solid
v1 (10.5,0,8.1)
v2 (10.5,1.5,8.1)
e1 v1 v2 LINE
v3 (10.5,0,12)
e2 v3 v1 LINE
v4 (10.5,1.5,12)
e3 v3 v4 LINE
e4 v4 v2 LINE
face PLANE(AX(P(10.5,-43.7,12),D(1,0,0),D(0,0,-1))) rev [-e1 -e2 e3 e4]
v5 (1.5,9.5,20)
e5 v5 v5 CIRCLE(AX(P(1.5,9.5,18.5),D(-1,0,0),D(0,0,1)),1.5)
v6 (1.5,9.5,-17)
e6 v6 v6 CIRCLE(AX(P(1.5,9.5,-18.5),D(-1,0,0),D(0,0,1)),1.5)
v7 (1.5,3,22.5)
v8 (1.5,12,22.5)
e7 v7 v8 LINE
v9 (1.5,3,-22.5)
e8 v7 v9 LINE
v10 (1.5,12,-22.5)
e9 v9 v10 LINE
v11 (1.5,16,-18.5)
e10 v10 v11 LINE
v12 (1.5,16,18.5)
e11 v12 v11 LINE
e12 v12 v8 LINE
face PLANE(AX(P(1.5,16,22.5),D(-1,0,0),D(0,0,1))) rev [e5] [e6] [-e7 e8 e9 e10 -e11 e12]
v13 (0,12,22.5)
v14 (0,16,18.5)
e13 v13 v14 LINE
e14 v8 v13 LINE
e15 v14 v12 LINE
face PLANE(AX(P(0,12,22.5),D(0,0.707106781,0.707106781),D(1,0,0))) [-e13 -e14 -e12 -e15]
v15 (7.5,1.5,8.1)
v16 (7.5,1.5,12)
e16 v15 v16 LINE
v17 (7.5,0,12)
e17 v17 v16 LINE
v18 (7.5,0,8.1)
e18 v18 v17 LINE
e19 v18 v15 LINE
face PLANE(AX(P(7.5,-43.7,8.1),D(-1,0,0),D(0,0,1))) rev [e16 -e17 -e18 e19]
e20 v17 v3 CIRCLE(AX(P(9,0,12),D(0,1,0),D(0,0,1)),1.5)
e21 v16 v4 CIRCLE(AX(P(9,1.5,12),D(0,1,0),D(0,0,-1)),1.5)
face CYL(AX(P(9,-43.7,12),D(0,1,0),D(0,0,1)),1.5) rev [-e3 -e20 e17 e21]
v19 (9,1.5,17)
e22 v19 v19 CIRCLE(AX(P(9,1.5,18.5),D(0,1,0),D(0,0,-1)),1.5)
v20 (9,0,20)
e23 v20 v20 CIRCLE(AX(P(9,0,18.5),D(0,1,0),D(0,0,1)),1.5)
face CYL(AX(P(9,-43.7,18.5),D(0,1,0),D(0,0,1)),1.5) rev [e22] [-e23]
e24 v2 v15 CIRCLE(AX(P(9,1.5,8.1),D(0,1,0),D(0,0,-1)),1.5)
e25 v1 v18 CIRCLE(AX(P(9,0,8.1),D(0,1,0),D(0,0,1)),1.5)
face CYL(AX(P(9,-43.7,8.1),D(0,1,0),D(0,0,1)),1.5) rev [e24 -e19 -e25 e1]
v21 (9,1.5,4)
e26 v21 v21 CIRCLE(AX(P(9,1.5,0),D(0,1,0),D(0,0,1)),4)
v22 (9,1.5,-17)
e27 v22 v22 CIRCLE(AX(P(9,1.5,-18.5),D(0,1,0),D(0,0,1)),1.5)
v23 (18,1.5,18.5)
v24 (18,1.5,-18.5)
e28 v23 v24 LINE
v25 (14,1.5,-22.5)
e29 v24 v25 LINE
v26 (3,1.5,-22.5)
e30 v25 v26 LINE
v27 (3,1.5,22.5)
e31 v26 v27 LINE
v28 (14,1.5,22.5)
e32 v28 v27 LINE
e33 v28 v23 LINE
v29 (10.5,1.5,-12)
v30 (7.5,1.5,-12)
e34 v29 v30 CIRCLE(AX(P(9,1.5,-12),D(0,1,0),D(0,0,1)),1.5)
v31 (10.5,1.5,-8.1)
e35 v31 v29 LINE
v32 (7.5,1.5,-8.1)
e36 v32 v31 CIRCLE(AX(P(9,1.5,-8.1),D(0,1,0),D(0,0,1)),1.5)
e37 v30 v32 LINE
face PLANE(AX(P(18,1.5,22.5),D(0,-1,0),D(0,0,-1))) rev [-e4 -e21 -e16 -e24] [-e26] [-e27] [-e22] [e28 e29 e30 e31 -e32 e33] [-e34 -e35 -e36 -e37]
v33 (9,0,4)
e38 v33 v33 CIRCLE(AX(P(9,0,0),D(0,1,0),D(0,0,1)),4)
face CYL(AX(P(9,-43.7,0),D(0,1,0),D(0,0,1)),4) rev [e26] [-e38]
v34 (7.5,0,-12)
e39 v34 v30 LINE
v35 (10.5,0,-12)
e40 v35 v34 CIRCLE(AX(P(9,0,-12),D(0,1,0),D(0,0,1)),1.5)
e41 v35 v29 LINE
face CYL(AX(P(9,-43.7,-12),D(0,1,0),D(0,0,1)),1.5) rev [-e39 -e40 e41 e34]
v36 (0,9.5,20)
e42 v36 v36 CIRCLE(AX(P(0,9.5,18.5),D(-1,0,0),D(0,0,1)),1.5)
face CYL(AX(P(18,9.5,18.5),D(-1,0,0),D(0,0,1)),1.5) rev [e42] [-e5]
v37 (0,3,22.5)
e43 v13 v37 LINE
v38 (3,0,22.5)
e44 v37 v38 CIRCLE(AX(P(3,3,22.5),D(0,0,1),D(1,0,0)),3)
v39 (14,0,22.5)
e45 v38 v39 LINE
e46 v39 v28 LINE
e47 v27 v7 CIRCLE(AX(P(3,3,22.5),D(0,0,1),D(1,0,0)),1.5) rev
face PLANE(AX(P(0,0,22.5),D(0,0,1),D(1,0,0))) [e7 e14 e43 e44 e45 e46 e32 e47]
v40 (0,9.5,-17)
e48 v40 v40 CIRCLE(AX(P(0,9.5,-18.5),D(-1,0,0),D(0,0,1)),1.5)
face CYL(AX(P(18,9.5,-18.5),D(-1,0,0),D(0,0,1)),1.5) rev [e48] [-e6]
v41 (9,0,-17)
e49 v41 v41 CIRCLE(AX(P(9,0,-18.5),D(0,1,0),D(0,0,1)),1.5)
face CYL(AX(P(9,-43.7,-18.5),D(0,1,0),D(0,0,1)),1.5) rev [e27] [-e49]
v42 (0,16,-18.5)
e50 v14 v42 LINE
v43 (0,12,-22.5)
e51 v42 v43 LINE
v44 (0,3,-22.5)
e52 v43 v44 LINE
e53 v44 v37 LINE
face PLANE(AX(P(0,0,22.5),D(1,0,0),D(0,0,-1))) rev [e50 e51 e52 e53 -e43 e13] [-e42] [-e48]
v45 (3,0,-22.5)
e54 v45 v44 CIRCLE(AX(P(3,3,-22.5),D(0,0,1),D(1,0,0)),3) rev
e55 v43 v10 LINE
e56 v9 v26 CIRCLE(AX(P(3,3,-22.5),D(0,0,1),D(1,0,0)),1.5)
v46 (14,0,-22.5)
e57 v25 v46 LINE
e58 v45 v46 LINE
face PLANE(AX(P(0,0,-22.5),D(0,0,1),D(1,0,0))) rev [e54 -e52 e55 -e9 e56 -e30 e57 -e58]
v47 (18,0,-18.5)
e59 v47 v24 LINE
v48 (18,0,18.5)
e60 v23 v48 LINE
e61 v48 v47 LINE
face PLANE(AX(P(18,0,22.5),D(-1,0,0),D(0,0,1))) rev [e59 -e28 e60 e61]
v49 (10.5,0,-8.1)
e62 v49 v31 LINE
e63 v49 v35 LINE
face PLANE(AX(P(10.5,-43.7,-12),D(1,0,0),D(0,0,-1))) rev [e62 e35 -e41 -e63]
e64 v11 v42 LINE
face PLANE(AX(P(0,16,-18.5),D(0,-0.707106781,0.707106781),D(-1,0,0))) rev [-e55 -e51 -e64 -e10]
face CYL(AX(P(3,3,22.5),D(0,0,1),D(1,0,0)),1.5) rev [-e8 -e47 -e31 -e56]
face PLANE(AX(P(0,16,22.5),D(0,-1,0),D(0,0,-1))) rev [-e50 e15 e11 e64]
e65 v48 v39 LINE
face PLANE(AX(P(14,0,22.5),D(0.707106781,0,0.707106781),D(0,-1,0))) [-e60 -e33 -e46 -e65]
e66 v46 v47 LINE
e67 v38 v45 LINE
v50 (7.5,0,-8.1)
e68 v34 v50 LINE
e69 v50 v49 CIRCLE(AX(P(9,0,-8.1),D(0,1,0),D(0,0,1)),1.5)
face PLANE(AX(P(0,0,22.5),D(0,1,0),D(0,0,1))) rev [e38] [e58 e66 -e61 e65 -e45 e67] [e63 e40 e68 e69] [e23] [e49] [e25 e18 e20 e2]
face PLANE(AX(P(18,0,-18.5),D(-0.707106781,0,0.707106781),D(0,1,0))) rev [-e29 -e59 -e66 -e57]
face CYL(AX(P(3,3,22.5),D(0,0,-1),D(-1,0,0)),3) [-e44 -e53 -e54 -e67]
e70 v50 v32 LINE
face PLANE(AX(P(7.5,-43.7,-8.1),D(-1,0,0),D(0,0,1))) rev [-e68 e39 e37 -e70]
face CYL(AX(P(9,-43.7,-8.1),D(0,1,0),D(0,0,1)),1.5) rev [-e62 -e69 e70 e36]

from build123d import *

# Parameters (mm, degrees)
EXTRUDE_1_DEPTH     = 22.5
SKETCH_2_R          = 4
SKETCH_2_R_2        = 1.5
CUT_EXTRUDE_1_DEPTH = 45.2
CHAMFER_1_SIZE      = 4
FILLET_1_R          = 1.5
FILLET_2_R          = 3
SKETCH_4_R          = 1.5
CUT_EXTRUDE_2_DEPTH = 19


with BuildPart() as part:
    # Эскиз1 → Бобышка-Вытянуть1 (new body, symmetric)
    with BuildSketch(Plane.XY):
        Polygon((0, 0), (0, 16), (1.5, 16), (1.5, 1.5), (18, 1.5), (18, 0), align=None)
    extrude(amount=EXTRUDE_1_DEPTH, both=True)

    # Эскиз2 → Вырез-Вытянуть1 (cut)
    with BuildSketch(Plane(origin=(0, 1.5, 0), x_dir=(1, 0, 0), z_dir=(0, 1, 0))):
        with Locations((9, 0)):
            Circle(SKETCH_2_R)
        with Locations((9, 18.5)):
            Circle(SKETCH_2_R_2)
        with Locations((9, -18.5)):
            Circle(SKETCH_2_R_2)
        with BuildLine():
            Line((7.5, 8.1), (7.5, 12))
            ThreePointArc((7.5, 12), (9, 13.5), (10.5, 12))
            Line((10.5, 12), (10.5, 8.1))
            ThreePointArc((10.5, 8.1), (9, 6.6), (7.5, 8.1))
        make_face()
        with BuildLine():
            Line((10.5, -12), (10.5, -8.1))
            ThreePointArc((10.5, -8.1), (9, -6.6), (7.5, -8.1))
            Line((7.5, -8.1), (7.5, -12))
            ThreePointArc((7.5, -12), (9, -13.5), (10.5, -12))
        make_face()
    extrude(amount=-CUT_EXTRUDE_1_DEPTH, mode=Mode.SUBTRACT)

    # Фаска1
    chamfer_1_edges = [part.edges().sort_by_distance(p)[0] for p in [
        (0.75, 16, 22.5),
        (0.75, 16, -22.5),
        (18, 0.75, 22.5),
        (18, 0.75, -22.5),
    ]]
    chamfer(chamfer_1_edges, length=CHAMFER_1_SIZE)

    # Скругление1
    fillet_1_edges = [part.edges().sort_by_distance(p)[0] for p in [
        (1.5, 1.5, 0),
    ]]
    fillet(fillet_1_edges, radius=FILLET_1_R)

    # Скругление2
    fillet_2_edges = [part.edges().sort_by_distance(p)[0] for p in [
        (0, 0, 0),
    ]]
    fillet(fillet_2_edges, radius=FILLET_2_R)

    # Эскиз4 → Вырез-Вытянуть2 (cut, through all)
    with BuildSketch(Plane.ZY):
        with Locations((-18.5, 9.5)):
            Circle(SKETCH_4_R)
        with Locations((18.5, 9.5)):
            Circle(SKETCH_4_R)
    extrude(amount=-CUT_EXTRUDE_2_DEPTH, mode=Mode.SUBTRACT)


solid = part.part
